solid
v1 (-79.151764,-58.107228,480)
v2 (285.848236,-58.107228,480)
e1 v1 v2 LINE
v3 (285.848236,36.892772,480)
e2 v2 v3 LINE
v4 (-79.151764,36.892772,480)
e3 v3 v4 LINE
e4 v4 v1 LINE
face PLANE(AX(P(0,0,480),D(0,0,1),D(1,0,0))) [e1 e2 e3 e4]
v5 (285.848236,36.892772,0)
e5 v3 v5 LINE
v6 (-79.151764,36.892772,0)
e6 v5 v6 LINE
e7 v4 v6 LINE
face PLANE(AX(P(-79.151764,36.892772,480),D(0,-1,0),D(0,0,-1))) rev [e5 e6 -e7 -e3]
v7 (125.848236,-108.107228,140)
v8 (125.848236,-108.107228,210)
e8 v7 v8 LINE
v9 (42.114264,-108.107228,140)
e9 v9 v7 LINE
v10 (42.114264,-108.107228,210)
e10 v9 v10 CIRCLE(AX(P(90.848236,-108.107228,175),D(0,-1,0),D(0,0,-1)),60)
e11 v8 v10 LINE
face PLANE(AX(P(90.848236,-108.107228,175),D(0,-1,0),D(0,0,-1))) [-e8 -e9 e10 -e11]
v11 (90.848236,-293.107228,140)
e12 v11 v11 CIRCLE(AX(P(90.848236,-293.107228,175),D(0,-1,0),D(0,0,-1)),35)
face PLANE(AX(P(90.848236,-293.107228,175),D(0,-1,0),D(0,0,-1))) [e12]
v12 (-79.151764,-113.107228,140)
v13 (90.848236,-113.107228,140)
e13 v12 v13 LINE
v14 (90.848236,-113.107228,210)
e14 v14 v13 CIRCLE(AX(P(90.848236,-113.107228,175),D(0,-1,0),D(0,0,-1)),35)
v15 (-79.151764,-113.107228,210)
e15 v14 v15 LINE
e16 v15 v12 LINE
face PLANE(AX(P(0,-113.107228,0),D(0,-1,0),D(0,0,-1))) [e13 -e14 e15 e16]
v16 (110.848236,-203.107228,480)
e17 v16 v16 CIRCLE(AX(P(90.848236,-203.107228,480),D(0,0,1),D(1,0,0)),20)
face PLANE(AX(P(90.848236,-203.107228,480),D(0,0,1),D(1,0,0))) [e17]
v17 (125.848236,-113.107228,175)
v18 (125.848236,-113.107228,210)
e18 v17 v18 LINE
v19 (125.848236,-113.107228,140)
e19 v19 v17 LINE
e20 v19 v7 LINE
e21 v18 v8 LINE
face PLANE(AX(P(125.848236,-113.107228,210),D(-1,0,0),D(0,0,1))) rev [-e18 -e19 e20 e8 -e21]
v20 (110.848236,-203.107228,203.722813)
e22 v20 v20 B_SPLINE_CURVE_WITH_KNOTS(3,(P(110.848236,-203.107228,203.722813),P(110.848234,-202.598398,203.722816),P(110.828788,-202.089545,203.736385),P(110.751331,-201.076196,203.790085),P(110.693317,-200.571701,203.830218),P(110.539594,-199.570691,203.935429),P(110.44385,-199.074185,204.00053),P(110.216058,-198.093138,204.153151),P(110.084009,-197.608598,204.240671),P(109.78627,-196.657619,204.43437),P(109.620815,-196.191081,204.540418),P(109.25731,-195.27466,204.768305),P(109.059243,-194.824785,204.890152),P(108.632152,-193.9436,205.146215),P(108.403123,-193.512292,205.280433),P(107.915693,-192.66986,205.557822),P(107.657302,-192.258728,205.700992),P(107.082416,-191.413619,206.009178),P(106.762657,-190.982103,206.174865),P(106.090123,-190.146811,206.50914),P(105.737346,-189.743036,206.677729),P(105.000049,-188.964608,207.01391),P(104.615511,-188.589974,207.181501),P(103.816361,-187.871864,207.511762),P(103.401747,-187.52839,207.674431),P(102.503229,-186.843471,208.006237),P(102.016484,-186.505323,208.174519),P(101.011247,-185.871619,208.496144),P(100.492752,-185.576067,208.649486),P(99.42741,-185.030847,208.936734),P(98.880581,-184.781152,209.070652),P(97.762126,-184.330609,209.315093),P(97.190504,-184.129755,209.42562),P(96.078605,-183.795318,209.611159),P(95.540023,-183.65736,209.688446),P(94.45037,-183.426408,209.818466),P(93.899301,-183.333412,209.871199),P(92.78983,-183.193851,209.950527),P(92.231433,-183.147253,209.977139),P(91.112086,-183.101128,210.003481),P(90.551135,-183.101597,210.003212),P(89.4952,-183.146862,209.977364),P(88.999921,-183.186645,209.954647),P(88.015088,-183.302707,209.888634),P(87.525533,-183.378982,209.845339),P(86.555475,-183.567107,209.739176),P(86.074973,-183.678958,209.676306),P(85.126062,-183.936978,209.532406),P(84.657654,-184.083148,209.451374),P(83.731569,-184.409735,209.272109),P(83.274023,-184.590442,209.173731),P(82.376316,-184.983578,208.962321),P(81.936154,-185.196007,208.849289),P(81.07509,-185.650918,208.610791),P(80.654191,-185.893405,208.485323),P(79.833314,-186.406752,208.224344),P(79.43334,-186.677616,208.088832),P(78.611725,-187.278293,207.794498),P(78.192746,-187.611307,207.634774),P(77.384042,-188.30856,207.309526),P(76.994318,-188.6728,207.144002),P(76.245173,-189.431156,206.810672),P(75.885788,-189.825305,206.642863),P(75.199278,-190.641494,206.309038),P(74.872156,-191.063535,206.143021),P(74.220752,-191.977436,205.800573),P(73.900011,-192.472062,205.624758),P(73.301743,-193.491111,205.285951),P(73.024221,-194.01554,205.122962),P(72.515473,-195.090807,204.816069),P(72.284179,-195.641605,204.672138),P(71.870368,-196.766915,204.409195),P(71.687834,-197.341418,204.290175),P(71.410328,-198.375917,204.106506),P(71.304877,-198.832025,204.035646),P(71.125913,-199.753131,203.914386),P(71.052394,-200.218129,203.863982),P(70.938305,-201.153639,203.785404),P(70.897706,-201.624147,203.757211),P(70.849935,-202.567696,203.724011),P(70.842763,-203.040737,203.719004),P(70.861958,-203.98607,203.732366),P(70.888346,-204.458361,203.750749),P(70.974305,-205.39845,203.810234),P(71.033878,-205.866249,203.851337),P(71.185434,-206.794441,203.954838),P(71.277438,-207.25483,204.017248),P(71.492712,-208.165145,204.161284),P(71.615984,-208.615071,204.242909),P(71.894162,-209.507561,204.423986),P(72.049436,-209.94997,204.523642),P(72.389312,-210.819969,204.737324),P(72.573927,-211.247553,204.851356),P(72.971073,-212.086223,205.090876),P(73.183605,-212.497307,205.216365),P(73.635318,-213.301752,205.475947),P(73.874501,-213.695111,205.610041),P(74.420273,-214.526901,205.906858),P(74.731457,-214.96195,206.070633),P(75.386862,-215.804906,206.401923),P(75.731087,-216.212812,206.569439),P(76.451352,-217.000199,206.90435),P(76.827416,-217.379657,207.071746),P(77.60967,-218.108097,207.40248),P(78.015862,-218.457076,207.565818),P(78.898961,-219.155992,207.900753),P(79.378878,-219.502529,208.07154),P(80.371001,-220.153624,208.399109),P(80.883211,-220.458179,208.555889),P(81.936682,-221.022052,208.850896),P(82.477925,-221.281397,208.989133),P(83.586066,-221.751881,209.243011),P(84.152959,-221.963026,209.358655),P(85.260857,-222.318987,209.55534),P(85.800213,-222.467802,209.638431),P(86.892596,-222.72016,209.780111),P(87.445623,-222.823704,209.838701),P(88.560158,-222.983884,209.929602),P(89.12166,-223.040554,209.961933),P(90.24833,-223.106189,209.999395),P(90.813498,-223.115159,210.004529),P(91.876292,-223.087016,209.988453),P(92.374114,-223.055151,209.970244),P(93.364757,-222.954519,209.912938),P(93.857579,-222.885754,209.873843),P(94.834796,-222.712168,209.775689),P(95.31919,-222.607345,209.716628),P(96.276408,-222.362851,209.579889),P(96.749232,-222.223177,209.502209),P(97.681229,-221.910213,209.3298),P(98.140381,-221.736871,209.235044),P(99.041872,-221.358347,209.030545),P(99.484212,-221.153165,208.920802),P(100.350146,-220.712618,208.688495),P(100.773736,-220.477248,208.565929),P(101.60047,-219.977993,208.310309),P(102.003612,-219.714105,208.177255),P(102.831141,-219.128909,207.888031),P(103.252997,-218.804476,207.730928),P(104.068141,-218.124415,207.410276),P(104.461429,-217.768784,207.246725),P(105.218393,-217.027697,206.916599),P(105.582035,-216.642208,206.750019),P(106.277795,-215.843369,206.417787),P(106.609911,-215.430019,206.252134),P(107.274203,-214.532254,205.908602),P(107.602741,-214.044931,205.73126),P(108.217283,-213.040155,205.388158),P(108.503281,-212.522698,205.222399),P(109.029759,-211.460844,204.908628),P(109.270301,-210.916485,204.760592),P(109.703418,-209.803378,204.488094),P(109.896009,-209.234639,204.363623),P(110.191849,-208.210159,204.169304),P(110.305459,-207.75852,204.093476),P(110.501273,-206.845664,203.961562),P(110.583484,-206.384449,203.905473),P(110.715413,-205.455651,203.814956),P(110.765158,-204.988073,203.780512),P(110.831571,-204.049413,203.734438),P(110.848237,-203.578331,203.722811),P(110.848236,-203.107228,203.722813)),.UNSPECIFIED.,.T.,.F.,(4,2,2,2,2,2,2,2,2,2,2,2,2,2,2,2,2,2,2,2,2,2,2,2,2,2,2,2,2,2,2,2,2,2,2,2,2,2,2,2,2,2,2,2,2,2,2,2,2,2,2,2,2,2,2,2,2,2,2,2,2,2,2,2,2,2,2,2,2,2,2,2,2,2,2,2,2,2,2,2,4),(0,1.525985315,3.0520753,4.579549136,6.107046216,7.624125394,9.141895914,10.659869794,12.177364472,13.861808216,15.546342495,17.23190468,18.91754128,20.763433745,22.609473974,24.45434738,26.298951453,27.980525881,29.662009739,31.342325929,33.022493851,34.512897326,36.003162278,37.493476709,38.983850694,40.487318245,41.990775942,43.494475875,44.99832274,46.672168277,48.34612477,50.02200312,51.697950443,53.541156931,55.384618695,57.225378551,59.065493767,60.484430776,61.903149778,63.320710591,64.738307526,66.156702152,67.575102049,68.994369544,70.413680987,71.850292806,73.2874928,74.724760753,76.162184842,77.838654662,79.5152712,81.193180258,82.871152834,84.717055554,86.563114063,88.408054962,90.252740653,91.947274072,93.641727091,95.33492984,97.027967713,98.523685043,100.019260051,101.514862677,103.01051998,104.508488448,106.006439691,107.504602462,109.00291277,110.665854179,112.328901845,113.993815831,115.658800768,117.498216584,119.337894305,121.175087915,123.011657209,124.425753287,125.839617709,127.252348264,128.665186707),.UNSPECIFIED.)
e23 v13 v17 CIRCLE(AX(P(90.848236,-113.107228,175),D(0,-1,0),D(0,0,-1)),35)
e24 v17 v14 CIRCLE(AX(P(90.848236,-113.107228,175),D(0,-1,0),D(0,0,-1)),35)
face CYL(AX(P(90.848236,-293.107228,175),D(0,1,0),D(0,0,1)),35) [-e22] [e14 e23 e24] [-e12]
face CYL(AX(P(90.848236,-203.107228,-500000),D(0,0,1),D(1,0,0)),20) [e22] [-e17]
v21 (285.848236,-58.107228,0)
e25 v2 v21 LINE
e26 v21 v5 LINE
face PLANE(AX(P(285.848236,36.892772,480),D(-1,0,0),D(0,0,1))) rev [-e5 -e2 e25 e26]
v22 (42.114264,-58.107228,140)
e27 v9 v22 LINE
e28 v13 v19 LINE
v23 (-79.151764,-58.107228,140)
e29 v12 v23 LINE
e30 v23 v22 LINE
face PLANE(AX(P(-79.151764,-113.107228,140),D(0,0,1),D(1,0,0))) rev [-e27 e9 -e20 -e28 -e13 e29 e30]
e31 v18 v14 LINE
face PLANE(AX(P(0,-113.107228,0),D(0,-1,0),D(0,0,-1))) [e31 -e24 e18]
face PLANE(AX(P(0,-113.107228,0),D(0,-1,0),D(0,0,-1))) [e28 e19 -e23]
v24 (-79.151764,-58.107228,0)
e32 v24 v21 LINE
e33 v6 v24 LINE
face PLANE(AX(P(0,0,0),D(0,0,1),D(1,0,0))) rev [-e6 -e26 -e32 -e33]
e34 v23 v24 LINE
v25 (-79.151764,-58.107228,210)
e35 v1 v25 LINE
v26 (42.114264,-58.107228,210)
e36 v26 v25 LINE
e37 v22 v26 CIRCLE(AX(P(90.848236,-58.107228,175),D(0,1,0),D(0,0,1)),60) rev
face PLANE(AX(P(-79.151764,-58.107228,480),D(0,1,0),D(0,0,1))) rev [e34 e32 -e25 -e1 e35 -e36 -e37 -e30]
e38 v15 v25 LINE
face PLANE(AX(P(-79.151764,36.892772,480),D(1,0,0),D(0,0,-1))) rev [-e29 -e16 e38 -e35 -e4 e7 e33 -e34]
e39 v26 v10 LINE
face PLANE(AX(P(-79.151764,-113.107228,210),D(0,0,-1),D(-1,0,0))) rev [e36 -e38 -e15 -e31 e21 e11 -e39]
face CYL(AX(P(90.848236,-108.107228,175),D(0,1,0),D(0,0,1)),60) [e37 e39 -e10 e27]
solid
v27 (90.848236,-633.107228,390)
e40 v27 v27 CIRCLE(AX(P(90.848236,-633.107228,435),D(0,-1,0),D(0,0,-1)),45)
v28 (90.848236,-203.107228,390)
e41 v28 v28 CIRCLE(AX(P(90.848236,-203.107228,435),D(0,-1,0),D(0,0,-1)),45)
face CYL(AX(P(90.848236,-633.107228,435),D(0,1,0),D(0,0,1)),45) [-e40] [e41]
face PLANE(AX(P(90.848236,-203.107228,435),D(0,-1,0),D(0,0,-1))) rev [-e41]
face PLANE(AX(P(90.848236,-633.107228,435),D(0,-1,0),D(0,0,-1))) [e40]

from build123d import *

# Parameters (mm, degrees)
ESQUISSE1_W        = 365
ESQUISSE1_H        = 95
BOSS_EXTRU_1_DEPTH = 480
ESQUISSE3_R        = 35
BOSS_EXTRU_2_DEPTH = 235
BOSS_EXTRU_3_REACH = 482
ESQUISSE4_R        = 20
BOSS_EXTRU_4_START = 145
ESQUISSE5_R        = 45
BOSS_EXTRU_4_DEPTH = 430
ESQUISSE6_W        = 205
ESQUISSE6_H        = 70
BOSS_EXTRU_5_DEPTH = 55
ESQUISSE7_R        = 60
BOSS_EXTRU_6_DEPTH = 50


with BuildPart() as part:
    # Esquisse1 → Boss.-Extru.1 (new body)
    with BuildSketch(Plane.XY):
        with Locations((103.348235656, -10.607228484)):
            Rectangle(ESQUISSE1_W, ESQUISSE1_H)
    extrude(amount=BOSS_EXTRU_1_DEPTH)

    # Esquisse3 → Boss.-Extru.2 (add)
    with BuildSketch(Plane.XZ.offset(58.107228484)):
        with Locations((90.848235656, 175)):
            Circle(ESQUISSE3_R)
    extrude(amount=BOSS_EXTRU_2_DEPTH)

    # Esquisse4 → Boss.-Extru.3 (add, up to next)
    with BuildSketch(Plane.XY.offset(480), mode=Mode.PRIVATE) as boss_extru_3_sk1:
        with Locations((90.848235656, -203.107228484)):
            Circle(ESQUISSE4_R)
    boss_extru_3_tool1 = extrude(boss_extru_3_sk1.sketch, amount=-BOSS_EXTRU_3_REACH, mode=Mode.PRIVATE) - part.part
    add(boss_extru_3_tool1.solids().sort_by_distance((90.848236, -203.107228, 480))[0])

    # Esquisse6 → Boss.-Extru.5 (add)
    with BuildSketch(Plane.XZ.offset(58.107228484)):
        with Locations((23.348235656, 175)):
            Rectangle(ESQUISSE6_W, ESQUISSE6_H)
    extrude(amount=BOSS_EXTRU_5_DEPTH)

    # Esquisse7 → Boss.-Extru.6 (add)
    with BuildSketch(Plane.XZ.offset(58.107228484)):
        with Locations((90.848235656, 175)):
            Circle(ESQUISSE7_R)
    extrude(amount=BOSS_EXTRU_6_DEPTH)


with BuildPart() as body_2:
    # Esquisse5 → Boss.-Extru.4 (new body)
    with BuildSketch(Plane.XZ.offset(58.107228484).offset(BOSS_EXTRU_4_START)):
        with Locations((90.848235656, 435)):
            Circle(ESQUISSE5_R)
    extrude(amount=BOSS_EXTRU_4_DEPTH)


solid = Compound([part.part, body_2.part])
